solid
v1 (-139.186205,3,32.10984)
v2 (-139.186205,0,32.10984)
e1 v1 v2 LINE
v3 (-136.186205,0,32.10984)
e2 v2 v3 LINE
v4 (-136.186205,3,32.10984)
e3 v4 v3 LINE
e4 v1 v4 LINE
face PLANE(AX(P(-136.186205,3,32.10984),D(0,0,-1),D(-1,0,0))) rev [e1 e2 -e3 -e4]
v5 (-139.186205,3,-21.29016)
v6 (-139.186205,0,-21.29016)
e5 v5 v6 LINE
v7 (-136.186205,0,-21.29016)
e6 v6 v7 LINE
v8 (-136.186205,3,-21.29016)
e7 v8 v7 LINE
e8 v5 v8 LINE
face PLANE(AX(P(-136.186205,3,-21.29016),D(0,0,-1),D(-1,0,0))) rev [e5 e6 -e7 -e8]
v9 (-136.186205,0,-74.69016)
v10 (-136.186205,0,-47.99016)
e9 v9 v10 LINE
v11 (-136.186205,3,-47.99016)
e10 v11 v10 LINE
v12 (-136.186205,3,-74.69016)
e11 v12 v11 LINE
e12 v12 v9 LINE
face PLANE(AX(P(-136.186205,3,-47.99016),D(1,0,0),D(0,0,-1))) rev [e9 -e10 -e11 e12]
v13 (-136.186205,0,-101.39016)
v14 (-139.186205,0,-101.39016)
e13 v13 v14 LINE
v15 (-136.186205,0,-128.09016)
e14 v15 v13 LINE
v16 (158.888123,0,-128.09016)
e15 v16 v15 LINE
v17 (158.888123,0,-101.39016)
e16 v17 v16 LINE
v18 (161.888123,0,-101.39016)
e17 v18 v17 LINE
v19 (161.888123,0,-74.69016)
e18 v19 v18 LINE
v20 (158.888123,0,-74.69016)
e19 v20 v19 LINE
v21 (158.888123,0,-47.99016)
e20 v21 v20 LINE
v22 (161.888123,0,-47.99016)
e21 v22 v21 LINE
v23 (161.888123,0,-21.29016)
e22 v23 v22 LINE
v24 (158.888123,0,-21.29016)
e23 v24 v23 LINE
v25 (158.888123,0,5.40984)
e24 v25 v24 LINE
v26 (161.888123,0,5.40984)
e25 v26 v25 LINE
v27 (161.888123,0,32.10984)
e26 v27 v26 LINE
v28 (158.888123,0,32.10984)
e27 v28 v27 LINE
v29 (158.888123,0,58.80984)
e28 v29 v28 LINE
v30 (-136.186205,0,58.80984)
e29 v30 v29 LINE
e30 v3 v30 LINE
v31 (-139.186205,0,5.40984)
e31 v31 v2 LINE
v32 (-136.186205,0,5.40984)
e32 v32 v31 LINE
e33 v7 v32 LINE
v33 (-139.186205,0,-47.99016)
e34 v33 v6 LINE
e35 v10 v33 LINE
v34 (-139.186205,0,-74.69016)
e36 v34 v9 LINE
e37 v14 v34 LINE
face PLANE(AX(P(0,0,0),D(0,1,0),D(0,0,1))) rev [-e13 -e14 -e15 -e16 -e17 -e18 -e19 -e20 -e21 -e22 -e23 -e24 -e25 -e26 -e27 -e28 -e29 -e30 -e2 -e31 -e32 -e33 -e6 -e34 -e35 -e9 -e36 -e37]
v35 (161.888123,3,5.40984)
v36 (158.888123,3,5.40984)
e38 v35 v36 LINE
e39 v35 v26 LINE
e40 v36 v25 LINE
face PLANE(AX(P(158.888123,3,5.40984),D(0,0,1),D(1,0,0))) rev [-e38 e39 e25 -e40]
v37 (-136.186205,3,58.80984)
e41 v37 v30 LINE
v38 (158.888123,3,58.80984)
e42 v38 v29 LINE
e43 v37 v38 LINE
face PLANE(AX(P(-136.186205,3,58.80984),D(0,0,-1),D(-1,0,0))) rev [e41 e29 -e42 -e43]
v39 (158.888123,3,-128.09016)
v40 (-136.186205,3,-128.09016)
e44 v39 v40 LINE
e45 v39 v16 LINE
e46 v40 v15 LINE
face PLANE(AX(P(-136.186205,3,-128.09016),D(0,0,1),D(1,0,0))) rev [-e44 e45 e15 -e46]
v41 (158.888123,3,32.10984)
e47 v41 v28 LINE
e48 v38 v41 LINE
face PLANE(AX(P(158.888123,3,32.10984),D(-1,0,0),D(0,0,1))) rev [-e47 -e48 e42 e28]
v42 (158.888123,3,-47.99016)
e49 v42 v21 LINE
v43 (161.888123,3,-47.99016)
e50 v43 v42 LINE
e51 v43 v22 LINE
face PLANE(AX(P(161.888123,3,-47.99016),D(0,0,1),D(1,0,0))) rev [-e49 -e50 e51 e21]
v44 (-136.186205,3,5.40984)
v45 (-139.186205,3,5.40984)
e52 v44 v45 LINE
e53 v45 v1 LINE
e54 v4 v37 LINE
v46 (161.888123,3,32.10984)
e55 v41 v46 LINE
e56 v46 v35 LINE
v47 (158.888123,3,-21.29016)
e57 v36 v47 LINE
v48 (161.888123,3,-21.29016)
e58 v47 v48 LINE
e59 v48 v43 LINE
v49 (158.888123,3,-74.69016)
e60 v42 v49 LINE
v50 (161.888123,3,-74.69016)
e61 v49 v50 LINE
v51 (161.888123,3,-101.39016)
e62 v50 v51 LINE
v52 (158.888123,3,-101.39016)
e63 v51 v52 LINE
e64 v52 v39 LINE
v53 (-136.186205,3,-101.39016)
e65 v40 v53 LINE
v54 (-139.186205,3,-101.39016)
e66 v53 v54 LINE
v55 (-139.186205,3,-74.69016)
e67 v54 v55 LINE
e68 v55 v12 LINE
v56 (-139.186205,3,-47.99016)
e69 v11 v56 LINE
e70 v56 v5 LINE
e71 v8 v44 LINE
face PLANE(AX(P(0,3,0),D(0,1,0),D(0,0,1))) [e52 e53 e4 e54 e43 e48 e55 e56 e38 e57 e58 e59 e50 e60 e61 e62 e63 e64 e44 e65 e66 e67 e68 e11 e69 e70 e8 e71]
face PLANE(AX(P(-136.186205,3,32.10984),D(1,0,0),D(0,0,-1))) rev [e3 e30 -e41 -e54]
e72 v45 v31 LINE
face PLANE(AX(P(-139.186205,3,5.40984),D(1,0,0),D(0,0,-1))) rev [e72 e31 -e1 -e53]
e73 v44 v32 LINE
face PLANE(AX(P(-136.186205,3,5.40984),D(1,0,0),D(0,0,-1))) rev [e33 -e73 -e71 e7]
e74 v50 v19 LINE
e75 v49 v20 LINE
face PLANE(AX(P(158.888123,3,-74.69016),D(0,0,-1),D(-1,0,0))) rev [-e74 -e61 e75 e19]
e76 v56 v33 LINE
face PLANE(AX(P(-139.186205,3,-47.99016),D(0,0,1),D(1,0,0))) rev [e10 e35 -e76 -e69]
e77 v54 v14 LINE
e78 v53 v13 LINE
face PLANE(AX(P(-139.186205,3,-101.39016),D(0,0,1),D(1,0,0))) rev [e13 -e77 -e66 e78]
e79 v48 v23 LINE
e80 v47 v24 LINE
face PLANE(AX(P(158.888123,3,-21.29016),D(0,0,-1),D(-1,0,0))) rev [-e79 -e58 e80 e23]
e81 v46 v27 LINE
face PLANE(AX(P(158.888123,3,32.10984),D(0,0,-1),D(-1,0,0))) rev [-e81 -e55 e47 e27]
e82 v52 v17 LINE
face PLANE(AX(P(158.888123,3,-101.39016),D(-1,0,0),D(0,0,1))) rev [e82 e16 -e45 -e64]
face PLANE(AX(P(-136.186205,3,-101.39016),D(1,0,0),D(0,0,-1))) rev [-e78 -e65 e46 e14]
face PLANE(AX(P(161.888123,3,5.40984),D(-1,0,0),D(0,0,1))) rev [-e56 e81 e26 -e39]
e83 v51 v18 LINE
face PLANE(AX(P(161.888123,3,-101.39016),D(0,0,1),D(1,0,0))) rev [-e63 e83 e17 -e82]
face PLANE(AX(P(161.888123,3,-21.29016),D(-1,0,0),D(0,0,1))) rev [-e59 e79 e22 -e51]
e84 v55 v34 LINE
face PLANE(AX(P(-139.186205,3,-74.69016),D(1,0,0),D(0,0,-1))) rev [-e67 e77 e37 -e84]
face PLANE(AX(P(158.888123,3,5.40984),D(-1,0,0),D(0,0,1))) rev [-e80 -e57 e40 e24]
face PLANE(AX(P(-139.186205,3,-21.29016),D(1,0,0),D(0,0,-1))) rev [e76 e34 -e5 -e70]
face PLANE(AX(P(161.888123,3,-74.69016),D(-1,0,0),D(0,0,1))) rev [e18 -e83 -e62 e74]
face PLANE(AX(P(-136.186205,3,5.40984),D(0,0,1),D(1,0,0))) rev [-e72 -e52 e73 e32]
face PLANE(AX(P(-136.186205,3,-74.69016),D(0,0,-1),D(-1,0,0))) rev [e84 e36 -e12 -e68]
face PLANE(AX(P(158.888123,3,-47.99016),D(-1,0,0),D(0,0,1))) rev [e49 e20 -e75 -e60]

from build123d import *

# Parameters (mm, degrees)
SALIENTE_EXTRUIR1_DEPTH = 3


with BuildPart() as part:
    # Croquis2 → Saliente-Extruir1 (new body)
    with BuildSketch(Plane(origin=(0, 0, 0), x_dir=(1, 0, 0), z_dir=(0, 1, 0))):
        Polygon((-136.186205064, -58.809840181), (158.88812269, -58.809840181), (158.88812269, -32.109840181), (161.88812269, -32.109840181), (161.88812269, -5.409840181), (158.88812269, -5.409840181), (158.88812269, 21.290159819), (161.88812269, 21.290159819), (161.88812269, 47.990159819), (158.88812269, 47.990159819), (158.88812269, 74.690159819), (161.88812269, 74.690159819), (161.88812269, 101.390159819), (158.88812269, 101.390159819), (158.88812269, 128.090159819), (-136.186205064, 128.090159819), (-136.186205064, 101.390159819), (-139.186205064, 101.390159819), (-139.186205064, 74.690159819), (-136.186205064, 74.690159819), (-136.186205064, 47.990159819), (-139.186205064, 47.990159819), (-139.186205064, 21.290159819), (-136.186205064, 21.290159819), (-136.186205064, -5.409840181), (-139.186205064, -5.409840181), (-139.186205064, -32.109840181), (-136.186205064, -32.109840181), align=None)
    extrude(amount=SALIENTE_EXTRUIR1_DEPTH)


solid = part.part
